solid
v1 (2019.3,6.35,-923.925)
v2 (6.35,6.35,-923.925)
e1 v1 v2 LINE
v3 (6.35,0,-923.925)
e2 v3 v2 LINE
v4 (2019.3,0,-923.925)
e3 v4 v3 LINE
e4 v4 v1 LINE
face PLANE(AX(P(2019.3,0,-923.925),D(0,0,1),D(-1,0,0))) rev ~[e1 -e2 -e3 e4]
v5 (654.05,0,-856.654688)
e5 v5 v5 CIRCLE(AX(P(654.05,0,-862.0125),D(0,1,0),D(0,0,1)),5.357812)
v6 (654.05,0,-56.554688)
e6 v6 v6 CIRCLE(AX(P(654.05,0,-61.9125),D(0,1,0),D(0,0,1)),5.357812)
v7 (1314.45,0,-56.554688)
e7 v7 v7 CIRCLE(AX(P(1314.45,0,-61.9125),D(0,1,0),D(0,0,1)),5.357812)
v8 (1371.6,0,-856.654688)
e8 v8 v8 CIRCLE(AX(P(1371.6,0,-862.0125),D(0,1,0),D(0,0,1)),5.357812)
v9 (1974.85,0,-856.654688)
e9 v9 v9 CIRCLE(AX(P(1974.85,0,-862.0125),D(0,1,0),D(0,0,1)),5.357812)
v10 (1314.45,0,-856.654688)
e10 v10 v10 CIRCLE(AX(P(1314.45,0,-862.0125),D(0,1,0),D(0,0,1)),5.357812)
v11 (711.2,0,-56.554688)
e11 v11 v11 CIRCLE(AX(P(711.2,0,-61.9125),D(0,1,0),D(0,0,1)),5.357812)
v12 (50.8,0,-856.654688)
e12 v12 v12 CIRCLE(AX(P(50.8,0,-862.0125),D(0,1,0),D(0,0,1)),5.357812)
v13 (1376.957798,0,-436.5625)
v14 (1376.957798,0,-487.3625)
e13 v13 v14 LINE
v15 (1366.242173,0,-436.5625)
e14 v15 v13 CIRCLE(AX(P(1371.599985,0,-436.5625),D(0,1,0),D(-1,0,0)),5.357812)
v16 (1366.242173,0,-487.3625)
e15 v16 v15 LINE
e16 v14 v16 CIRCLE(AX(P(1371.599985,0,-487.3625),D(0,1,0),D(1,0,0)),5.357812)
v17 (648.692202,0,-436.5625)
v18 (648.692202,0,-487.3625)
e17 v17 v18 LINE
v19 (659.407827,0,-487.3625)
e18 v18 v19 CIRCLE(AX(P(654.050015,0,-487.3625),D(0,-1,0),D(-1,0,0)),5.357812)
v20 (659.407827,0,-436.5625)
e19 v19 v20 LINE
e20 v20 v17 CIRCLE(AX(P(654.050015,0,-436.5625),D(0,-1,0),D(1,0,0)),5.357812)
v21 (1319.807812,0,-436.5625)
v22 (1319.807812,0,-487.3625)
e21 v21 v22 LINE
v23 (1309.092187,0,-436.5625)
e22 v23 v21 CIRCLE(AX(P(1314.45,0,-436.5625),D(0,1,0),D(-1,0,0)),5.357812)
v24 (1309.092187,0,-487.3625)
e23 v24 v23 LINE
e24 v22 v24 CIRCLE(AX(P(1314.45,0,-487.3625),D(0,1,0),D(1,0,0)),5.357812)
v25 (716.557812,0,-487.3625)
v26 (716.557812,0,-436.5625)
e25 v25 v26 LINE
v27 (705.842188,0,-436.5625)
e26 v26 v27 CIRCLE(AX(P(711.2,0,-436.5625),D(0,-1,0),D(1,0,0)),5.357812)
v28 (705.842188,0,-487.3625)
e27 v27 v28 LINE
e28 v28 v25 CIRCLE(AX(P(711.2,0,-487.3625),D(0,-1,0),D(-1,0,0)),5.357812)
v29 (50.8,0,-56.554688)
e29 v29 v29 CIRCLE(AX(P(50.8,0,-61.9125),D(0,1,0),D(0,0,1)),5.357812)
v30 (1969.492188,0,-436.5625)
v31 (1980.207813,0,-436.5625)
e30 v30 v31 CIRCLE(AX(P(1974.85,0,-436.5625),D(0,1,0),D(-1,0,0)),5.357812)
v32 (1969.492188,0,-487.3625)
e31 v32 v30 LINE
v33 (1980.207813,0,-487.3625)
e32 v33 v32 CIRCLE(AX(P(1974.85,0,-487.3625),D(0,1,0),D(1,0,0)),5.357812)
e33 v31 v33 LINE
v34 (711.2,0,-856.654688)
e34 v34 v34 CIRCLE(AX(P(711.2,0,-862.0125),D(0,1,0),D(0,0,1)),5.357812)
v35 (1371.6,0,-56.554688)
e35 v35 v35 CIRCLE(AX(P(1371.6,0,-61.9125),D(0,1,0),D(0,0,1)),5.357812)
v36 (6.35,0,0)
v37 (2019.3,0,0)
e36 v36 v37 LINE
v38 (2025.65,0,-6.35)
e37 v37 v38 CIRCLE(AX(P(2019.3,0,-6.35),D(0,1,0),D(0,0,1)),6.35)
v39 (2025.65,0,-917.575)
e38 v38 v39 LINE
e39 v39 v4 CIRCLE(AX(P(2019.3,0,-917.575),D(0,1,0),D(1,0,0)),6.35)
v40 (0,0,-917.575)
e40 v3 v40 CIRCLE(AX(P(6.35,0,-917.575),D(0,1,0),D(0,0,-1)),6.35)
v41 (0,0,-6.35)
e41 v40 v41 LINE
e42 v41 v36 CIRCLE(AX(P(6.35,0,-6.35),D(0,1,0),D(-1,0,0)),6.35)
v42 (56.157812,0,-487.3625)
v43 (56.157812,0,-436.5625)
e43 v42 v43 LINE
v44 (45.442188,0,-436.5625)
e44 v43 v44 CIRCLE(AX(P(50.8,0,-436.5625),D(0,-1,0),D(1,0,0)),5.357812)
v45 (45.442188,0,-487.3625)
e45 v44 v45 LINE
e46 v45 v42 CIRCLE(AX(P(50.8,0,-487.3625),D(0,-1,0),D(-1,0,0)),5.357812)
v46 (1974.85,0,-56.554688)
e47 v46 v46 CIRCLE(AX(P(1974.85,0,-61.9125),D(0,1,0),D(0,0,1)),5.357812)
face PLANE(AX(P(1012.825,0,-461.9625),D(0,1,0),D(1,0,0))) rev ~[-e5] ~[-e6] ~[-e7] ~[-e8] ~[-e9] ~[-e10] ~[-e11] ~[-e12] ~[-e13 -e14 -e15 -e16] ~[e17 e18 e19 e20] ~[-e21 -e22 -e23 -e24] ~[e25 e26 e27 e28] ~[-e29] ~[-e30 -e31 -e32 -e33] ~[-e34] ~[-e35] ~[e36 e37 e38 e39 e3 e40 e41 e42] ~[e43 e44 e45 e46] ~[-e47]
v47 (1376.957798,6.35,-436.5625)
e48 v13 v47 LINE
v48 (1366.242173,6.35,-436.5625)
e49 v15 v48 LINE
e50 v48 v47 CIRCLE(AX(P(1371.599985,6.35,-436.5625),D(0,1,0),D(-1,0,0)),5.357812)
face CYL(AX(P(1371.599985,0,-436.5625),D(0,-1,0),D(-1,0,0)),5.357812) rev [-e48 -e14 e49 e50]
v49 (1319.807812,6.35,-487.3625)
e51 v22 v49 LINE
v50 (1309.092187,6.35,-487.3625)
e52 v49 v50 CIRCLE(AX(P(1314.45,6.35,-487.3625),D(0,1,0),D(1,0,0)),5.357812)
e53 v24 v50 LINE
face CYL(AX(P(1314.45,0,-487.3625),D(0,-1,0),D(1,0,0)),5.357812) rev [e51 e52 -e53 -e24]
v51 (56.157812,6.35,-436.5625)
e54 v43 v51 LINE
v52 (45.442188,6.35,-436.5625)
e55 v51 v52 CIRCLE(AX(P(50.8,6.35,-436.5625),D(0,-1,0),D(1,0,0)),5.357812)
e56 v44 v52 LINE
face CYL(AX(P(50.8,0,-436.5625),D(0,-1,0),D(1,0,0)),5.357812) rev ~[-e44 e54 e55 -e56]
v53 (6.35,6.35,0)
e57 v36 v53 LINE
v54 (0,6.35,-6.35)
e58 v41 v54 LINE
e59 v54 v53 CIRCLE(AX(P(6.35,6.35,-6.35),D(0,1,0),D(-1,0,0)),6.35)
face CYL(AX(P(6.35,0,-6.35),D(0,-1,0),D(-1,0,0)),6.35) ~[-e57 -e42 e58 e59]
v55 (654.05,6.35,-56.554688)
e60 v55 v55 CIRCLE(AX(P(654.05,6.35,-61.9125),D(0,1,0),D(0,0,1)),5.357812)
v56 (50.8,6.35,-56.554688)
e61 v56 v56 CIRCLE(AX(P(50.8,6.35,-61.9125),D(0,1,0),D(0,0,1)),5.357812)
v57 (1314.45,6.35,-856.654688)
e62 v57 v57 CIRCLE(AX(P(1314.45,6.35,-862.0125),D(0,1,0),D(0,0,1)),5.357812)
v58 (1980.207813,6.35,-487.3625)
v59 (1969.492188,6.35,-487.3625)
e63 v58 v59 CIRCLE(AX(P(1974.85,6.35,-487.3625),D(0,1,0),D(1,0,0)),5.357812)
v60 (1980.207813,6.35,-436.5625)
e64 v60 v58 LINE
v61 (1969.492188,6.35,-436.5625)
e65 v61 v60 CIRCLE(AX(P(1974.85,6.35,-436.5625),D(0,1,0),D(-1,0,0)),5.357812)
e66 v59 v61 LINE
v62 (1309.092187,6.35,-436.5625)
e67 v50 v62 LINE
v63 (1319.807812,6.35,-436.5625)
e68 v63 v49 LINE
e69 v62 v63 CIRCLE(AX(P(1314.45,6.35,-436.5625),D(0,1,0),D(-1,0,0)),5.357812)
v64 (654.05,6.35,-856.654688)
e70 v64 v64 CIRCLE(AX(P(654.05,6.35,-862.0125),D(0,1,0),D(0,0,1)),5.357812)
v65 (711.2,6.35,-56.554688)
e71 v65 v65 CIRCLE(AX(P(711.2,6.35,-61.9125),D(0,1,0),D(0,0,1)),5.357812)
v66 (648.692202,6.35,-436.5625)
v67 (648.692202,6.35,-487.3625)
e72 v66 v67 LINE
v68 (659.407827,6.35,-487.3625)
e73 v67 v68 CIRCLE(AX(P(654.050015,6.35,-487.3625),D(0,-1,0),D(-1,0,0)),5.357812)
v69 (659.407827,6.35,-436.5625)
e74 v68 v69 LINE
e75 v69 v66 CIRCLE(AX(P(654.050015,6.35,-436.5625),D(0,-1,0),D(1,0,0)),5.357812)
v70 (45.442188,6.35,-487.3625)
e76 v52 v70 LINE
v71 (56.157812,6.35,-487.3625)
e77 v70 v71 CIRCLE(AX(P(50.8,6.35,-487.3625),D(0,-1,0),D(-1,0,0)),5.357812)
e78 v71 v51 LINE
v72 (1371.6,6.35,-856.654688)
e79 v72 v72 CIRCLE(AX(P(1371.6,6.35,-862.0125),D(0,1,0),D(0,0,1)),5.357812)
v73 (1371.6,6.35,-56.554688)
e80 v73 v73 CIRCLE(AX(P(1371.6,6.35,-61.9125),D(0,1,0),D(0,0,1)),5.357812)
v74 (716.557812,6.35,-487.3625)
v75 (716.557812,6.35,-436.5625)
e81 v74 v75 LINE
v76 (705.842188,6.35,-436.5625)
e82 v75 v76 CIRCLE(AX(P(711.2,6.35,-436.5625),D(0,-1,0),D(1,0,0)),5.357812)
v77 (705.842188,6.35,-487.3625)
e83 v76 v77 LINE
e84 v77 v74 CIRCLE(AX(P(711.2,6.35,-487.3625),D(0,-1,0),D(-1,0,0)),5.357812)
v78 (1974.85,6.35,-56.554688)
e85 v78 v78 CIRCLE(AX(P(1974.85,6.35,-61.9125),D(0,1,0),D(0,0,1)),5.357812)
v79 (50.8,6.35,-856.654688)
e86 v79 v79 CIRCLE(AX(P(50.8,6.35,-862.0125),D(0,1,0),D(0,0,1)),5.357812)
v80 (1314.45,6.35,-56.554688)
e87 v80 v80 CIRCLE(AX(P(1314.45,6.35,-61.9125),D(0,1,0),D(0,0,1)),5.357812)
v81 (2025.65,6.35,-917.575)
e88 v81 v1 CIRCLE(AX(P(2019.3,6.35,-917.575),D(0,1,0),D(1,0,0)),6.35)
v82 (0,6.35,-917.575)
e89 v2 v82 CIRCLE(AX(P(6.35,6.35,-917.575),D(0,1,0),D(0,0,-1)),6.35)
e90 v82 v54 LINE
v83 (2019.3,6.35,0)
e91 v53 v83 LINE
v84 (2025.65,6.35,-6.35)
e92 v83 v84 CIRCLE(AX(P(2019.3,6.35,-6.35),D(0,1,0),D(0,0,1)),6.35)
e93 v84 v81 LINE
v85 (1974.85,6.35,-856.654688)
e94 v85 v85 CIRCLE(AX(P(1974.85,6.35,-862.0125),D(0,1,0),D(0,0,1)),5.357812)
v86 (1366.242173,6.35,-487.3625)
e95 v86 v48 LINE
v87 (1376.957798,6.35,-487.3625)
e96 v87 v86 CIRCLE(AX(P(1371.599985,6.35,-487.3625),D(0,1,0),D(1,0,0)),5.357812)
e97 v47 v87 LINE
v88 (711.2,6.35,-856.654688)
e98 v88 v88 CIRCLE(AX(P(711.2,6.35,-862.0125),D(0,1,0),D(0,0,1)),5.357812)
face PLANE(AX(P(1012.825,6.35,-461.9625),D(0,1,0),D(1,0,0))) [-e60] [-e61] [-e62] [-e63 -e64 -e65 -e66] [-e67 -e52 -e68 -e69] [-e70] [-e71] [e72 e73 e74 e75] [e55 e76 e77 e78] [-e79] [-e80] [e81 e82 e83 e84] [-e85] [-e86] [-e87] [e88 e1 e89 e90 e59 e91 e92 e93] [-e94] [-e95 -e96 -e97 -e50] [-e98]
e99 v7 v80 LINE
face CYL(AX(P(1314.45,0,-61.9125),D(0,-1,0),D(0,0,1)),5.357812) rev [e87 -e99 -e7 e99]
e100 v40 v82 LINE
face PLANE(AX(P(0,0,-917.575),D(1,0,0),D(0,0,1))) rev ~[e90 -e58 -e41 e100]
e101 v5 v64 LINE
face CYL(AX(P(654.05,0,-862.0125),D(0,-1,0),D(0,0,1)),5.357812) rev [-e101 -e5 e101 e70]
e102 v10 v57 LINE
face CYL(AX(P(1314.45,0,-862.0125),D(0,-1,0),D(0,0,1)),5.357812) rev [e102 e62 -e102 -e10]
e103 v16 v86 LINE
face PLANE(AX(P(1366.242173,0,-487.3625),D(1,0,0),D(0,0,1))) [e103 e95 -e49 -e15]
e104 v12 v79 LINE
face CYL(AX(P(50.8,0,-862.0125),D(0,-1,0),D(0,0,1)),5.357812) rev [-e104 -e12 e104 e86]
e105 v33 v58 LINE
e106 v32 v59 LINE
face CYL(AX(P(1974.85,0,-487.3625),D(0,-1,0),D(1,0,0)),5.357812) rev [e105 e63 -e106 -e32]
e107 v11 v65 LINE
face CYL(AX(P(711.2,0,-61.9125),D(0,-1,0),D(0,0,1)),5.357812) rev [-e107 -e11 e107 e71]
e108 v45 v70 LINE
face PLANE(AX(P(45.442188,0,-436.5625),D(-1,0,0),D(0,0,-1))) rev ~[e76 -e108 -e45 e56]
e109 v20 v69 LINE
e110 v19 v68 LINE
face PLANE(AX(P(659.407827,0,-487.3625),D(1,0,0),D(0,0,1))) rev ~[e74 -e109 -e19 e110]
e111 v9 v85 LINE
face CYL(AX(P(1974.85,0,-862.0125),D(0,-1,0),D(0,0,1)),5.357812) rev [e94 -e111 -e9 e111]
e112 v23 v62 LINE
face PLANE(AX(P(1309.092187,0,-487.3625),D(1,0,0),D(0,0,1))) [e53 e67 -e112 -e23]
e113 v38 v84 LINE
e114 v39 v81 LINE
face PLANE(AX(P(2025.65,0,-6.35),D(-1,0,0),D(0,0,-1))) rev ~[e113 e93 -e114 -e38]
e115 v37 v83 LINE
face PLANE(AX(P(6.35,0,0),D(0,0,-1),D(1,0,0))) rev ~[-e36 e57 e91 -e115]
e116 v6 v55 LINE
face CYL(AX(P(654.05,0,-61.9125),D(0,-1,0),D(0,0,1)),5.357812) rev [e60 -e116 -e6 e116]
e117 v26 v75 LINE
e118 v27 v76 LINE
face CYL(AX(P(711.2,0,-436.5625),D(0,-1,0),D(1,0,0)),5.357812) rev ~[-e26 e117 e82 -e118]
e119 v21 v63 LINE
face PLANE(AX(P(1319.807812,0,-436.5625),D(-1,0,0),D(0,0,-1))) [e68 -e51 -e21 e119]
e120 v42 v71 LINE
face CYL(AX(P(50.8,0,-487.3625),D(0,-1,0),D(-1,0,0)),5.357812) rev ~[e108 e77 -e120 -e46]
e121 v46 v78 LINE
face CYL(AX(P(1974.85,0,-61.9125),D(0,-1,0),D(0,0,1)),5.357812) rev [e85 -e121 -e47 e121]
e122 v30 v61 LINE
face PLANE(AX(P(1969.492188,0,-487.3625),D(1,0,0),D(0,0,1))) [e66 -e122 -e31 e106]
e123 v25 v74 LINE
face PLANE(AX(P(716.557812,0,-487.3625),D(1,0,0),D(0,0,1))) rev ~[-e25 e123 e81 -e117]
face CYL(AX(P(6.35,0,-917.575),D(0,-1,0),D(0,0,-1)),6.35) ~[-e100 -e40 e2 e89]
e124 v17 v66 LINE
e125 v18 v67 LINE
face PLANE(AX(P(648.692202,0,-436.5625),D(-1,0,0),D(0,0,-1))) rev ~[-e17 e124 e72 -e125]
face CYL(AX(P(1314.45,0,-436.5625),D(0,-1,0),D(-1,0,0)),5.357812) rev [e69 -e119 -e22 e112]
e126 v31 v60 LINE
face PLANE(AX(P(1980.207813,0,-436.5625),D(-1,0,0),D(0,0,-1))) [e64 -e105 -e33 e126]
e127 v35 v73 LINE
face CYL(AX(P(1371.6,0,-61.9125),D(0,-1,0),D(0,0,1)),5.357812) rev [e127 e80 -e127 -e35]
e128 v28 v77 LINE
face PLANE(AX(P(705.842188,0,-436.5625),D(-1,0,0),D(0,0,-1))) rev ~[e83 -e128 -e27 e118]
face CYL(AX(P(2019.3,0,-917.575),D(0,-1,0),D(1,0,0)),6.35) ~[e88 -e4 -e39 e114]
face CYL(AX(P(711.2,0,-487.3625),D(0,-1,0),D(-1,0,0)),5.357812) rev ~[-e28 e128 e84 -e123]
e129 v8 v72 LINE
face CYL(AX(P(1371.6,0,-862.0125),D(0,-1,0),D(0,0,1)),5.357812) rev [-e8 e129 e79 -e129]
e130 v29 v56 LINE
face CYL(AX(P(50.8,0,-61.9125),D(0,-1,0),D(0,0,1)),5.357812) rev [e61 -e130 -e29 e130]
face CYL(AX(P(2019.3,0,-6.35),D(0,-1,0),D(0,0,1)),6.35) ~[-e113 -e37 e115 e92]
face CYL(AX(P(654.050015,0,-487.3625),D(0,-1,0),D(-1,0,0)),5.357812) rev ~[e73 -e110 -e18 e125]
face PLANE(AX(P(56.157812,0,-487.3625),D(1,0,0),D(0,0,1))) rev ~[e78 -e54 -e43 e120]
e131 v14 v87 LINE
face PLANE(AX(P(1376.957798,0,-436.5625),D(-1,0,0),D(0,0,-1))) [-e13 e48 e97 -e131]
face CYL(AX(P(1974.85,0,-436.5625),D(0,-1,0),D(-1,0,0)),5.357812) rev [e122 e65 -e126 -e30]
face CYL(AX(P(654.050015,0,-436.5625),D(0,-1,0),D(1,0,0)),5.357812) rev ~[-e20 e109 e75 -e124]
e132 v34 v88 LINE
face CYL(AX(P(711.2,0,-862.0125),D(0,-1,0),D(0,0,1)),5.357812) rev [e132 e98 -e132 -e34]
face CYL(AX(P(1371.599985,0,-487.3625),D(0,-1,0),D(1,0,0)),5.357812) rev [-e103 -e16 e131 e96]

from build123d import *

# Parameters (mm, degrees)
SKETCH1_R           = 5.3578125
BOSS_EXTRUDE1_DEPTH = 6.35


with BuildPart() as part:
    # Sketch1 → Boss-Extrude1 (new body)
    with BuildSketch(Plane(origin=(0, 0, 0), x_dir=(1, 0, 0), z_dir=(0, 1, 0))):
        with BuildLine():
            Line((6.35, 0), (2019.3, 0))
            ThreePointArc((2019.3, 0), (2023.790128061, 1.859871939), (2025.65, 6.35))
            Line((2025.65, 6.35), (2025.65, 917.575))
            ThreePointArc((2025.65, 917.575), (2023.790128061, 922.065128061), (2019.3, 923.925))
            Line((2019.3, 923.925), (6.35, 923.925))
            ThreePointArc((6.35, 923.925), (1.859871939, 922.065128061), (0, 917.575))
            Line((0, 917.575), (0, 6.35))
            ThreePointArc((0, 6.35), (1.859871939, 1.859871939), (6.35, 0))
        make_face()
        with Locations(Location((50.8, 862.0125, 0), (0, 0, 270))):
            Circle(SKETCH1_R, mode=Mode.SUBTRACT)
        with Locations(Location((1974.85, 862.0125, 0), (0, 0, 270))):
            Circle(SKETCH1_R, mode=Mode.SUBTRACT)
        with Locations(Location((1974.85, 61.9125, 0), (0, 0, 270))):
            Circle(SKETCH1_R, mode=Mode.SUBTRACT)
        with Locations(Location((50.8, 61.9125, 0), (0, 0, 270))):
            Circle(SKETCH1_R, mode=Mode.SUBTRACT)
        with Locations(Location((654.05, 862.0125, 0), (0, 0, 270))):
            Circle(SKETCH1_R, mode=Mode.SUBTRACT)
        with Locations(Location((1371.6, 862.0125, 0), (0, 0, 270))):
            Circle(SKETCH1_R, mode=Mode.SUBTRACT)
        with Locations(Location((711.2, 862.0125, 0), (0, 0, 270))):
            Circle(SKETCH1_R, mode=Mode.SUBTRACT)
        with Locations(Location((711.2, 61.9125, 0), (0, 0, 270))):
            Circle(SKETCH1_R, mode=Mode.SUBTRACT)
        with Locations(Location((654.05, 61.9125, 0), (0, 0, 270))):
            Circle(SKETCH1_R, mode=Mode.SUBTRACT)
        with Locations(Location((1314.45, 862.0125, 0), (0, 0, 270))):
            Circle(SKETCH1_R, mode=Mode.SUBTRACT)
        with Locations(Location((1314.45, 61.9125, 0), (0, 0, 270))):
            Circle(SKETCH1_R, mode=Mode.SUBTRACT)
        with Locations(Location((1371.6, 61.9125, 0), (0, 0, 270))):
            Circle(SKETCH1_R, mode=Mode.SUBTRACT)
        with BuildLine():
            Line((56.1578125, 487.3625), (56.1578125, 436.5625))
            ThreePointArc((56.1578125, 436.5625), (50.8, 431.2046875), (45.4421875, 436.5625))
            Line((45.4421875, 436.5625), (45.4421875, 487.3625))
            ThreePointArc((45.4421875, 487.3625), (50.8, 492.7203125), (56.1578125, 487.3625))
        make_face(mode=Mode.SUBTRACT)
        with BuildLine():
            Line((659.407827246, 487.3625), (659.407827246, 436.5625))
            ThreePointArc((659.407827246, 436.5625), (654.050014746, 431.2046875), (648.692202246, 436.5625))
            Line((648.692202246, 436.5625), (648.692202246, 487.3625))
            ThreePointArc((648.692202246, 487.3625), (654.050014746, 492.7203125), (659.407827246, 487.3625))
        make_face(mode=Mode.SUBTRACT)
        with BuildLine():
            Line((716.5578125, 487.3625), (716.5578125, 436.5625))
            ThreePointArc((716.5578125, 436.5625), (711.2, 431.2046875), (705.8421875, 436.5625))
            Line((705.8421875, 436.5625), (705.8421875, 487.3625))
            ThreePointArc((705.8421875, 487.3625), (711.2, 492.7203125), (716.5578125, 487.3625))
        make_face(mode=Mode.SUBTRACT)
        with BuildLine():
            Line((1969.4921875, 487.3625), (1969.4921875, 436.5625))
            ThreePointArc((1969.4921875, 436.5625), (1974.85, 431.2046875), (1980.2078125, 436.5625))
            Line((1980.2078125, 436.5625), (1980.2078125, 487.3625))
            ThreePointArc((1980.2078125, 487.3625), (1974.85, 492.7203125), (1969.4921875, 487.3625))
        make_face(mode=Mode.SUBTRACT)
        with BuildLine():
            Line((1309.0921875, 487.3625), (1309.0921875, 436.5625))
            ThreePointArc((1309.0921875, 436.5625), (1314.45, 431.2046875), (1319.8078125, 436.5625))
            Line((1319.8078125, 436.5625), (1319.8078125, 487.3625))
            ThreePointArc((1319.8078125, 487.3625), (1314.45, 492.7203125), (1309.0921875, 487.3625))
        make_face(mode=Mode.SUBTRACT)
        with BuildLine():
            Line((1366.242172754, 487.3625), (1366.242172754, 436.5625))
            ThreePointArc((1366.242172754, 436.5625), (1371.599985254, 431.2046875), (1376.957797754, 436.5625))
            Line((1376.957797754, 436.5625), (1376.957797754, 487.3625))
            ThreePointArc((1376.957797754, 487.3625), (1371.599985254, 492.7203125), (1366.242172754, 487.3625))
        make_face(mode=Mode.SUBTRACT)
    extrude(amount=BOSS_EXTRUDE1_DEPTH)


solid = part.part
